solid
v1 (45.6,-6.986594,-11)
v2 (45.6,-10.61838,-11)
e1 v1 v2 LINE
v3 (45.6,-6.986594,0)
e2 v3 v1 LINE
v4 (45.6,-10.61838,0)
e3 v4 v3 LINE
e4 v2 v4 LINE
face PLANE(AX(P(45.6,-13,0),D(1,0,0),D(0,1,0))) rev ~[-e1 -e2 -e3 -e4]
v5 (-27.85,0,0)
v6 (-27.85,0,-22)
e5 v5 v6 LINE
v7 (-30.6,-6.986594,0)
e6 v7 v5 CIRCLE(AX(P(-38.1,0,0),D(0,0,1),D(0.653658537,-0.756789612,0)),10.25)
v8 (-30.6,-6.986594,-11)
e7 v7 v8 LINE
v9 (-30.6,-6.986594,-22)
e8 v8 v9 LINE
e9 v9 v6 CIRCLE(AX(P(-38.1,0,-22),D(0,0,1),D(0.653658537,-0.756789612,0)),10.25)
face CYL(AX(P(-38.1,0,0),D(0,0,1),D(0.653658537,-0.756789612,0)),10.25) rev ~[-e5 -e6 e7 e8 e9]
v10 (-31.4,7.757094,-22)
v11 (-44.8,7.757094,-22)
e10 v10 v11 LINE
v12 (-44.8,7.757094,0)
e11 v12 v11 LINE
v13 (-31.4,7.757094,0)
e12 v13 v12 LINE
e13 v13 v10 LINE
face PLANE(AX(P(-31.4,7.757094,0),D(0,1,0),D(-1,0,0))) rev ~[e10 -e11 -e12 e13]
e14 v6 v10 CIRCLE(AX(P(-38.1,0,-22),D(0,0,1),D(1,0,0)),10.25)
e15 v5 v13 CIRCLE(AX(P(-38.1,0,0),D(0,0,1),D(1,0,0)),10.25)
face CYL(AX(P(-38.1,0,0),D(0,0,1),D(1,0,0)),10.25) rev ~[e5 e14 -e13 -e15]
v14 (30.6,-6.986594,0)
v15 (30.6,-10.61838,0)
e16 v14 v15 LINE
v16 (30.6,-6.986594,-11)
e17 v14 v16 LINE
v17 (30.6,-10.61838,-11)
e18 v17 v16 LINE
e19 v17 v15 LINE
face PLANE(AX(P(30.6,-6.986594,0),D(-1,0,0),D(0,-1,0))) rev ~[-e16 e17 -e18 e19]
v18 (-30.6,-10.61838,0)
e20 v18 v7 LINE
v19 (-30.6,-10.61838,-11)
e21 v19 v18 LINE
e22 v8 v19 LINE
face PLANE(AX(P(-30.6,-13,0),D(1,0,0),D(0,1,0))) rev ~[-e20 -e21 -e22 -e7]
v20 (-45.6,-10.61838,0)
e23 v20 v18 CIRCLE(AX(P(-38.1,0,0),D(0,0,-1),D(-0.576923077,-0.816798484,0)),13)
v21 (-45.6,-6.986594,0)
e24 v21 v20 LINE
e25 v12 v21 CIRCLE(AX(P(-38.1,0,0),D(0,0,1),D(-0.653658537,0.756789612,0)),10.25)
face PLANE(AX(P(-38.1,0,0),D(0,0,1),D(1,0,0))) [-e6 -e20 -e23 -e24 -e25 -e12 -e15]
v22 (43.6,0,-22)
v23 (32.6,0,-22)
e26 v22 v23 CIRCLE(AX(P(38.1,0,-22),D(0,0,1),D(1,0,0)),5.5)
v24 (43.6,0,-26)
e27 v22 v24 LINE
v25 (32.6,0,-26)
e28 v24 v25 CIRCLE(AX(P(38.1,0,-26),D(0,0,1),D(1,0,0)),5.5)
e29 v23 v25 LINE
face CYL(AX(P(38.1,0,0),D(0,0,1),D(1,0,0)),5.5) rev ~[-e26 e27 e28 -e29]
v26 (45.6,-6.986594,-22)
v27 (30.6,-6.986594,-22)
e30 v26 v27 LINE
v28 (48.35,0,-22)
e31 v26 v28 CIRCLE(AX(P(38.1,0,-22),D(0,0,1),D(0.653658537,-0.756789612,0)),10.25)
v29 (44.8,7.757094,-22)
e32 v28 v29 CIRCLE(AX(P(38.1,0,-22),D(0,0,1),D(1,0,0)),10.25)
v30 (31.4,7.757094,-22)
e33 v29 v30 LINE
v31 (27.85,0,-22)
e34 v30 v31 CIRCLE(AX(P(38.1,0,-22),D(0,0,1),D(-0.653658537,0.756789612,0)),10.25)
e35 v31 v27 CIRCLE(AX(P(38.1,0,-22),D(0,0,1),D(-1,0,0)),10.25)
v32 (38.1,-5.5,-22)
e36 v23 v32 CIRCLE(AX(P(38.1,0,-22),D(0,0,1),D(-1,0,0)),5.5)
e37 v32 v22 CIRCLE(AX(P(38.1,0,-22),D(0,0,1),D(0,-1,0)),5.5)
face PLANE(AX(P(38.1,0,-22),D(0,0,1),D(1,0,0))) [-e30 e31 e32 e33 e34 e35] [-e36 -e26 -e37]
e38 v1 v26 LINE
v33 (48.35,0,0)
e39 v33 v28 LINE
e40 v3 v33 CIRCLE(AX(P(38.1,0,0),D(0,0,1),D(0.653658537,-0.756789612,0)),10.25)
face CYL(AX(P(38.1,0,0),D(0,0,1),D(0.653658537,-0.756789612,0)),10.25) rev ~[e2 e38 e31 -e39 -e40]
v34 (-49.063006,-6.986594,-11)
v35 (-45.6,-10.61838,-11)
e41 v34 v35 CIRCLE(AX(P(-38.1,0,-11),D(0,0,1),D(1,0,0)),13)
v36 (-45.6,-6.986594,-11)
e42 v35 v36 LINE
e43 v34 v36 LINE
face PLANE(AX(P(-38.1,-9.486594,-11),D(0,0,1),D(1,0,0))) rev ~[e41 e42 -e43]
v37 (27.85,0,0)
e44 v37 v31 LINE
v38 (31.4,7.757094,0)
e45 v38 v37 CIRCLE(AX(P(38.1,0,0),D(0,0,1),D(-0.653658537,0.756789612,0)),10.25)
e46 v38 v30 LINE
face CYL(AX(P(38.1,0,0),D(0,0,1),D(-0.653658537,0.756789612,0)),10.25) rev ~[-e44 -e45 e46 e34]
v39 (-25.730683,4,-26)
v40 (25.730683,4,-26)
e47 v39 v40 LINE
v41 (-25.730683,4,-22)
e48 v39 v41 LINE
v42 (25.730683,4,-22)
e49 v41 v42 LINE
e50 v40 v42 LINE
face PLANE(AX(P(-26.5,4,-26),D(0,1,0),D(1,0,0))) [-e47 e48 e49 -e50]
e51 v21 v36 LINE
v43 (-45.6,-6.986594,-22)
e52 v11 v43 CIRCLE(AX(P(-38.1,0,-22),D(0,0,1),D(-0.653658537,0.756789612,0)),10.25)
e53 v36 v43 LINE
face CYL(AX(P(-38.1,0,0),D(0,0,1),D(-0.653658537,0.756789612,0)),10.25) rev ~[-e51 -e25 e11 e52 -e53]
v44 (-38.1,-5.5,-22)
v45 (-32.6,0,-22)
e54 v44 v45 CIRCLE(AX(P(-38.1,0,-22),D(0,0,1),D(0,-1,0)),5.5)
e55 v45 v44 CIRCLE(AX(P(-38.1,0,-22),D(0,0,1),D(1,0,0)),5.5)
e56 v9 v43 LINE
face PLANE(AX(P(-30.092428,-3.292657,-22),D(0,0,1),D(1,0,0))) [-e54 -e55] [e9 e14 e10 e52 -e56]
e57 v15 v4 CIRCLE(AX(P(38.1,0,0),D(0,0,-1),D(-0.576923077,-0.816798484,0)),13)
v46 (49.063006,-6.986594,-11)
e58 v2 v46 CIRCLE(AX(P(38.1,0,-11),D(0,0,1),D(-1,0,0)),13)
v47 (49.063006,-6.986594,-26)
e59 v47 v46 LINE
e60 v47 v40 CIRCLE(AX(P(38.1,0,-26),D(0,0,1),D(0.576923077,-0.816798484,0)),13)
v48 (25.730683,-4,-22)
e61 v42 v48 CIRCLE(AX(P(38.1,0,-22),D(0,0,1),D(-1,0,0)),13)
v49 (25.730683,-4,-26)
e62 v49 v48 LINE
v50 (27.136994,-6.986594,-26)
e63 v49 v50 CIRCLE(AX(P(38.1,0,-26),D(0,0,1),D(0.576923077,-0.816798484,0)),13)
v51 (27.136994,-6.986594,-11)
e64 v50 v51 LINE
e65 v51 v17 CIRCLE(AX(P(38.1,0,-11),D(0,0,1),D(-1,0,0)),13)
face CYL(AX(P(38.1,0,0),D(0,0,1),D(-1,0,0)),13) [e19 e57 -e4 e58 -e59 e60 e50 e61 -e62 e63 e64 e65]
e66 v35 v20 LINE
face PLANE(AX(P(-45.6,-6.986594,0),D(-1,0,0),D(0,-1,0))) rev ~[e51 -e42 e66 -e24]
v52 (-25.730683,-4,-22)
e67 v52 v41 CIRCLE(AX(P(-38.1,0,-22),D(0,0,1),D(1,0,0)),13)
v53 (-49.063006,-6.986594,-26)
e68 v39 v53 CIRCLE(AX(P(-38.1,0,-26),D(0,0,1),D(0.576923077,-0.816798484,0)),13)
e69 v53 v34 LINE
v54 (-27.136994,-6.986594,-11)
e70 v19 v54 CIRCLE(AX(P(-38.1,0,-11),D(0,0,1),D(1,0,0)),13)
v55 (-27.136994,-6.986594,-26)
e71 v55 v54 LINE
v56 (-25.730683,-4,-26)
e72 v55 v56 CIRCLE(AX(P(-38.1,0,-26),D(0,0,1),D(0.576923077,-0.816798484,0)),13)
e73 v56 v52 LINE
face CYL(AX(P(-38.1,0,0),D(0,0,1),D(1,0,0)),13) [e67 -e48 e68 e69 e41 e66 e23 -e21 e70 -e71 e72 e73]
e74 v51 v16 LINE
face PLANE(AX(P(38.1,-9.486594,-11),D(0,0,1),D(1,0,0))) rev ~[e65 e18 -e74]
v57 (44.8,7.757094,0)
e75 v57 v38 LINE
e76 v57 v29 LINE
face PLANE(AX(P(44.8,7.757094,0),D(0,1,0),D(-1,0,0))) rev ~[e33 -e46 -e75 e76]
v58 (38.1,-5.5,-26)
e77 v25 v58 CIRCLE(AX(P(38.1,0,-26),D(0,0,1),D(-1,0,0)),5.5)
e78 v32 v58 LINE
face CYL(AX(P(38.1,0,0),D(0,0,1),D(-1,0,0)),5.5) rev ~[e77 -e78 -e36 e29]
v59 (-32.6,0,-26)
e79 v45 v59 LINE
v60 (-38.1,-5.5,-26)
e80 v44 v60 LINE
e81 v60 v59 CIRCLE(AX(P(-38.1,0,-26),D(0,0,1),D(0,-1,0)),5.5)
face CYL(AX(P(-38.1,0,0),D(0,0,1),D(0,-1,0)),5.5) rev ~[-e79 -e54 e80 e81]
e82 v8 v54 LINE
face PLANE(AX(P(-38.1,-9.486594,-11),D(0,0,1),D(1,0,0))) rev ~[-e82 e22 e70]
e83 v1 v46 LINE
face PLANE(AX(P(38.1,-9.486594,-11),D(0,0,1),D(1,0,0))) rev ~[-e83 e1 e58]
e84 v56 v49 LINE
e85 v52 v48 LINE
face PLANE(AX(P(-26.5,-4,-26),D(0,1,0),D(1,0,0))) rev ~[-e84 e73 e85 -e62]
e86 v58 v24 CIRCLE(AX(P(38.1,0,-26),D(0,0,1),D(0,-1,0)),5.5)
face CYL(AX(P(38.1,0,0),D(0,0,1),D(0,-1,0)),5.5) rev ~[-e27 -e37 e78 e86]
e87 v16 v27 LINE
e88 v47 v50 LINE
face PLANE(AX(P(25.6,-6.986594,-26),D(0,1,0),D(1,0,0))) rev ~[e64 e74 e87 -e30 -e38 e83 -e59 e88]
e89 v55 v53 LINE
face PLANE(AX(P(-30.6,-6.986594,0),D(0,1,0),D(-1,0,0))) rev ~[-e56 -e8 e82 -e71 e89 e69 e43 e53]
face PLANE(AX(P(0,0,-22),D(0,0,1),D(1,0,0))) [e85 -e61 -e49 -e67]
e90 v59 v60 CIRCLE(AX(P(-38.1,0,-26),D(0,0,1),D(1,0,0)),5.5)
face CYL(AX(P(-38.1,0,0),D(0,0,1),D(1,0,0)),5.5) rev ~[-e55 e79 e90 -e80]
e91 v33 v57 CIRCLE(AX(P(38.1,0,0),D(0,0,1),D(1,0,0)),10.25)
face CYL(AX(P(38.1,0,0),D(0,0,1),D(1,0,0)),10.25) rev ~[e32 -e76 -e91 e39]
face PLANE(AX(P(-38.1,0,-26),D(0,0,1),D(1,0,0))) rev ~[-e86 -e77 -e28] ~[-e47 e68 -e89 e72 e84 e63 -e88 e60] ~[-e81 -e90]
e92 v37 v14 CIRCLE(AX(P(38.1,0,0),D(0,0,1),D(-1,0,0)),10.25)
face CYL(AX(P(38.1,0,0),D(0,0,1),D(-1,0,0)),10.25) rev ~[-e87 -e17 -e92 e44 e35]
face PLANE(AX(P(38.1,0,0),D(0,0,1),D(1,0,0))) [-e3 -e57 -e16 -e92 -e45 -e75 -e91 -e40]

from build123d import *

# Parameters (mm, degrees)
F0_R      = 13
F2_DEPTH  = 26
F3_DEPTH  = 22
F5_DEPTH  = 30
F7_W      = 53
F7_H      = 8
F8_DEPTH  = 4
F9_W      = 25
F9_H      = 5
F10_DEPTH = 15


with BuildPart() as f2:
    # F0 (on Top) → F2 (new body)
    with BuildSketch(Plane.XY):
        with Locations((-38.1, 0)):
            Circle(F0_R)
    extrude(amount=-F2_DEPTH)


with BuildPart() as f2b:
    # F0 (on Top) → F2, piece 2 (new body)
    with BuildSketch(Plane.XY):
        with BuildLine():
            ThreePointArc((51.1, 0), (38.1, 13), (25.1, 0))
            ThreePointArc((25.1, 0), (38.1, -13), (51.1, 0))
        make_face()
    extrude(amount=-F2_DEPTH)


with BuildPart() as f3_tool:
    # F1 (on Top) → F3 (new body)
    with BuildSketch(Plane.XY):
        with BuildLine():
            ThreePointArc((-31.4, -7.7570935279), (-28.779659341, -4.2654132273), (-27.85, 0))
            Line((-27.85, 0), (-31.4, 0))
            Line((-31.4, 0), (-31.4, -7.7570935279))
        make_face()
        with BuildLine():
            Line((-31.4, 0), (-27.85, 0))
            ThreePointArc((-27.85, 0), (-28.779659341, 4.2654132273), (-31.4, 7.7570935279))
            Line((-31.4, 7.7570935279), (-31.4, 0))
        make_face()
        Polygon((-31.4, -7.7570935279), (-31.4, 0), (-31.4, 7.7570935279), (-44.8, 7.7570935279), (-44.8, -7.7570935279), align=None)
        with BuildLine():
            Line((-44.8, -7.7570935279), (-44.8, 7.7570935279))
            ThreePointArc((-44.8, 7.7570935279), (-48.35, 0), (-44.8, -7.7570935279))
        make_face()
        Polygon((31.4, 7.7570935279), (31.4, 0), (31.4, -7.7570935279), (44.8, -7.7570935279), (44.8, 7.7570935279), align=None)
        with BuildLine():
            ThreePointArc((48.35, 0), (47.420340659, 4.2654132273), (44.8, 7.7570935279))
            Line((44.8, 7.7570935279), (44.8, -7.7570935279))
            ThreePointArc((44.8, -7.7570935279), (47.420340659, -4.2654132273), (48.35, 0))
        make_face()
        with BuildLine():
            Line((31.4, -7.7570935279), (31.4, 0))
            Line((31.4, 0), (27.85, 0))
            ThreePointArc((27.85, 0), (28.779659341, -4.2654132273), (31.4, -7.7570935279))
        make_face()
        with BuildLine():
            Line((27.85, 0), (31.4, 0))
            Line((31.4, 0), (31.4, 7.7570935279))
            ThreePointArc((31.4, 7.7570935279), (28.779659341, 4.2654132273), (27.85, 0))
        make_face()
    extrude(amount=-F3_DEPTH)


with BuildPart() as f2_1:
    add(f2.part)

    # F3: cut by f3_tool
    add(f3_tool.part, mode=Mode.SUBTRACT)


with BuildPart() as f2b_1:
    add(f2b.part)

    # F3: cut by f3_tool
    add(f3_tool.part, mode=Mode.SUBTRACT)


with BuildPart() as f5_tool:
    # F4 (on Top) → F5 (new body)
    with BuildSketch(Plane.XY):
        with BuildLine():
            ThreePointArc((-38.1, -5.5), (-34.2109127035, -3.8890872965), (-32.6, 0))
            Line((-32.6, 0), (-38.1, 0))
            Line((-38.1, 0), (-38.1, -5.5))
        make_face()
        Polygon((45.6, -6.9865943062), (38.1, -6.9865943062), (30.6, -6.9865943062), (30.6, -13), (45.6, -13), align=None)
        with BuildLine():
            ThreePointArc((43.6, 0), (38.1, 5.5), (32.6, 0))
            Line((32.6, 0), (38.1, 0))
            Line((38.1, 0), (38.1, -5.5))
            ThreePointArc((38.1, -5.5), (41.9890872965, -3.8890872965), (43.6, 0))
        make_face()
        with BuildLine():
            Line((38.1, 0), (32.6, 0))
            ThreePointArc((32.6, 0), (34.2109127035, -3.8890872965), (38.1, -5.5))
            Line((38.1, -5.5), (38.1, 0))
        make_face()
        with BuildLine():
            Line((-38.1, 0), (-32.6, 0))
            ThreePointArc((-32.6, 0), (-41.9890872965, 3.8890872965), (-38.1, -5.5))
            Line((-38.1, -5.5), (-38.1, 0))
        make_face()
        Polygon((-30.6, -6.9865943062), (-38.1, -6.9865943062), (-45.6, -6.9865943062), (-45.6, -13), (-30.6, -13), align=None)
    extrude(amount=-F5_DEPTH)


with BuildPart() as f2_2:
    add(f2_1.part)

    # F5: cut by f5_tool
    add(f5_tool.part, mode=Mode.SUBTRACT)



with BuildPart() as f2b_2:
    add(f2b_1.part)

    # F5: cut by f5_tool
    add(f5_tool.part, mode=Mode.SUBTRACT)


with BuildPart() as f2_3:
    add(f2_2.part)

    add(f2b_2.part)  # F8 merges F2b
    # F7 (on offset) → F8 (join)
    with BuildSketch(Plane.XY.offset(-26)):
        Rectangle(F7_W, F7_H)
    extrude(amount=F8_DEPTH)

    # F9 (on offset) → F10 (cut)
    with BuildSketch(Plane.XY.offset(-26)):
        with Locations((-38.1, -9.4865943062)):
            Rectangle(F9_W, F9_H)
        with Locations((38.1, -9.4865943062)):
            Rectangle(F9_W, F9_H)
    extrude(amount=F10_DEPTH, mode=Mode.SUBTRACT)


solid = f2_3.part
